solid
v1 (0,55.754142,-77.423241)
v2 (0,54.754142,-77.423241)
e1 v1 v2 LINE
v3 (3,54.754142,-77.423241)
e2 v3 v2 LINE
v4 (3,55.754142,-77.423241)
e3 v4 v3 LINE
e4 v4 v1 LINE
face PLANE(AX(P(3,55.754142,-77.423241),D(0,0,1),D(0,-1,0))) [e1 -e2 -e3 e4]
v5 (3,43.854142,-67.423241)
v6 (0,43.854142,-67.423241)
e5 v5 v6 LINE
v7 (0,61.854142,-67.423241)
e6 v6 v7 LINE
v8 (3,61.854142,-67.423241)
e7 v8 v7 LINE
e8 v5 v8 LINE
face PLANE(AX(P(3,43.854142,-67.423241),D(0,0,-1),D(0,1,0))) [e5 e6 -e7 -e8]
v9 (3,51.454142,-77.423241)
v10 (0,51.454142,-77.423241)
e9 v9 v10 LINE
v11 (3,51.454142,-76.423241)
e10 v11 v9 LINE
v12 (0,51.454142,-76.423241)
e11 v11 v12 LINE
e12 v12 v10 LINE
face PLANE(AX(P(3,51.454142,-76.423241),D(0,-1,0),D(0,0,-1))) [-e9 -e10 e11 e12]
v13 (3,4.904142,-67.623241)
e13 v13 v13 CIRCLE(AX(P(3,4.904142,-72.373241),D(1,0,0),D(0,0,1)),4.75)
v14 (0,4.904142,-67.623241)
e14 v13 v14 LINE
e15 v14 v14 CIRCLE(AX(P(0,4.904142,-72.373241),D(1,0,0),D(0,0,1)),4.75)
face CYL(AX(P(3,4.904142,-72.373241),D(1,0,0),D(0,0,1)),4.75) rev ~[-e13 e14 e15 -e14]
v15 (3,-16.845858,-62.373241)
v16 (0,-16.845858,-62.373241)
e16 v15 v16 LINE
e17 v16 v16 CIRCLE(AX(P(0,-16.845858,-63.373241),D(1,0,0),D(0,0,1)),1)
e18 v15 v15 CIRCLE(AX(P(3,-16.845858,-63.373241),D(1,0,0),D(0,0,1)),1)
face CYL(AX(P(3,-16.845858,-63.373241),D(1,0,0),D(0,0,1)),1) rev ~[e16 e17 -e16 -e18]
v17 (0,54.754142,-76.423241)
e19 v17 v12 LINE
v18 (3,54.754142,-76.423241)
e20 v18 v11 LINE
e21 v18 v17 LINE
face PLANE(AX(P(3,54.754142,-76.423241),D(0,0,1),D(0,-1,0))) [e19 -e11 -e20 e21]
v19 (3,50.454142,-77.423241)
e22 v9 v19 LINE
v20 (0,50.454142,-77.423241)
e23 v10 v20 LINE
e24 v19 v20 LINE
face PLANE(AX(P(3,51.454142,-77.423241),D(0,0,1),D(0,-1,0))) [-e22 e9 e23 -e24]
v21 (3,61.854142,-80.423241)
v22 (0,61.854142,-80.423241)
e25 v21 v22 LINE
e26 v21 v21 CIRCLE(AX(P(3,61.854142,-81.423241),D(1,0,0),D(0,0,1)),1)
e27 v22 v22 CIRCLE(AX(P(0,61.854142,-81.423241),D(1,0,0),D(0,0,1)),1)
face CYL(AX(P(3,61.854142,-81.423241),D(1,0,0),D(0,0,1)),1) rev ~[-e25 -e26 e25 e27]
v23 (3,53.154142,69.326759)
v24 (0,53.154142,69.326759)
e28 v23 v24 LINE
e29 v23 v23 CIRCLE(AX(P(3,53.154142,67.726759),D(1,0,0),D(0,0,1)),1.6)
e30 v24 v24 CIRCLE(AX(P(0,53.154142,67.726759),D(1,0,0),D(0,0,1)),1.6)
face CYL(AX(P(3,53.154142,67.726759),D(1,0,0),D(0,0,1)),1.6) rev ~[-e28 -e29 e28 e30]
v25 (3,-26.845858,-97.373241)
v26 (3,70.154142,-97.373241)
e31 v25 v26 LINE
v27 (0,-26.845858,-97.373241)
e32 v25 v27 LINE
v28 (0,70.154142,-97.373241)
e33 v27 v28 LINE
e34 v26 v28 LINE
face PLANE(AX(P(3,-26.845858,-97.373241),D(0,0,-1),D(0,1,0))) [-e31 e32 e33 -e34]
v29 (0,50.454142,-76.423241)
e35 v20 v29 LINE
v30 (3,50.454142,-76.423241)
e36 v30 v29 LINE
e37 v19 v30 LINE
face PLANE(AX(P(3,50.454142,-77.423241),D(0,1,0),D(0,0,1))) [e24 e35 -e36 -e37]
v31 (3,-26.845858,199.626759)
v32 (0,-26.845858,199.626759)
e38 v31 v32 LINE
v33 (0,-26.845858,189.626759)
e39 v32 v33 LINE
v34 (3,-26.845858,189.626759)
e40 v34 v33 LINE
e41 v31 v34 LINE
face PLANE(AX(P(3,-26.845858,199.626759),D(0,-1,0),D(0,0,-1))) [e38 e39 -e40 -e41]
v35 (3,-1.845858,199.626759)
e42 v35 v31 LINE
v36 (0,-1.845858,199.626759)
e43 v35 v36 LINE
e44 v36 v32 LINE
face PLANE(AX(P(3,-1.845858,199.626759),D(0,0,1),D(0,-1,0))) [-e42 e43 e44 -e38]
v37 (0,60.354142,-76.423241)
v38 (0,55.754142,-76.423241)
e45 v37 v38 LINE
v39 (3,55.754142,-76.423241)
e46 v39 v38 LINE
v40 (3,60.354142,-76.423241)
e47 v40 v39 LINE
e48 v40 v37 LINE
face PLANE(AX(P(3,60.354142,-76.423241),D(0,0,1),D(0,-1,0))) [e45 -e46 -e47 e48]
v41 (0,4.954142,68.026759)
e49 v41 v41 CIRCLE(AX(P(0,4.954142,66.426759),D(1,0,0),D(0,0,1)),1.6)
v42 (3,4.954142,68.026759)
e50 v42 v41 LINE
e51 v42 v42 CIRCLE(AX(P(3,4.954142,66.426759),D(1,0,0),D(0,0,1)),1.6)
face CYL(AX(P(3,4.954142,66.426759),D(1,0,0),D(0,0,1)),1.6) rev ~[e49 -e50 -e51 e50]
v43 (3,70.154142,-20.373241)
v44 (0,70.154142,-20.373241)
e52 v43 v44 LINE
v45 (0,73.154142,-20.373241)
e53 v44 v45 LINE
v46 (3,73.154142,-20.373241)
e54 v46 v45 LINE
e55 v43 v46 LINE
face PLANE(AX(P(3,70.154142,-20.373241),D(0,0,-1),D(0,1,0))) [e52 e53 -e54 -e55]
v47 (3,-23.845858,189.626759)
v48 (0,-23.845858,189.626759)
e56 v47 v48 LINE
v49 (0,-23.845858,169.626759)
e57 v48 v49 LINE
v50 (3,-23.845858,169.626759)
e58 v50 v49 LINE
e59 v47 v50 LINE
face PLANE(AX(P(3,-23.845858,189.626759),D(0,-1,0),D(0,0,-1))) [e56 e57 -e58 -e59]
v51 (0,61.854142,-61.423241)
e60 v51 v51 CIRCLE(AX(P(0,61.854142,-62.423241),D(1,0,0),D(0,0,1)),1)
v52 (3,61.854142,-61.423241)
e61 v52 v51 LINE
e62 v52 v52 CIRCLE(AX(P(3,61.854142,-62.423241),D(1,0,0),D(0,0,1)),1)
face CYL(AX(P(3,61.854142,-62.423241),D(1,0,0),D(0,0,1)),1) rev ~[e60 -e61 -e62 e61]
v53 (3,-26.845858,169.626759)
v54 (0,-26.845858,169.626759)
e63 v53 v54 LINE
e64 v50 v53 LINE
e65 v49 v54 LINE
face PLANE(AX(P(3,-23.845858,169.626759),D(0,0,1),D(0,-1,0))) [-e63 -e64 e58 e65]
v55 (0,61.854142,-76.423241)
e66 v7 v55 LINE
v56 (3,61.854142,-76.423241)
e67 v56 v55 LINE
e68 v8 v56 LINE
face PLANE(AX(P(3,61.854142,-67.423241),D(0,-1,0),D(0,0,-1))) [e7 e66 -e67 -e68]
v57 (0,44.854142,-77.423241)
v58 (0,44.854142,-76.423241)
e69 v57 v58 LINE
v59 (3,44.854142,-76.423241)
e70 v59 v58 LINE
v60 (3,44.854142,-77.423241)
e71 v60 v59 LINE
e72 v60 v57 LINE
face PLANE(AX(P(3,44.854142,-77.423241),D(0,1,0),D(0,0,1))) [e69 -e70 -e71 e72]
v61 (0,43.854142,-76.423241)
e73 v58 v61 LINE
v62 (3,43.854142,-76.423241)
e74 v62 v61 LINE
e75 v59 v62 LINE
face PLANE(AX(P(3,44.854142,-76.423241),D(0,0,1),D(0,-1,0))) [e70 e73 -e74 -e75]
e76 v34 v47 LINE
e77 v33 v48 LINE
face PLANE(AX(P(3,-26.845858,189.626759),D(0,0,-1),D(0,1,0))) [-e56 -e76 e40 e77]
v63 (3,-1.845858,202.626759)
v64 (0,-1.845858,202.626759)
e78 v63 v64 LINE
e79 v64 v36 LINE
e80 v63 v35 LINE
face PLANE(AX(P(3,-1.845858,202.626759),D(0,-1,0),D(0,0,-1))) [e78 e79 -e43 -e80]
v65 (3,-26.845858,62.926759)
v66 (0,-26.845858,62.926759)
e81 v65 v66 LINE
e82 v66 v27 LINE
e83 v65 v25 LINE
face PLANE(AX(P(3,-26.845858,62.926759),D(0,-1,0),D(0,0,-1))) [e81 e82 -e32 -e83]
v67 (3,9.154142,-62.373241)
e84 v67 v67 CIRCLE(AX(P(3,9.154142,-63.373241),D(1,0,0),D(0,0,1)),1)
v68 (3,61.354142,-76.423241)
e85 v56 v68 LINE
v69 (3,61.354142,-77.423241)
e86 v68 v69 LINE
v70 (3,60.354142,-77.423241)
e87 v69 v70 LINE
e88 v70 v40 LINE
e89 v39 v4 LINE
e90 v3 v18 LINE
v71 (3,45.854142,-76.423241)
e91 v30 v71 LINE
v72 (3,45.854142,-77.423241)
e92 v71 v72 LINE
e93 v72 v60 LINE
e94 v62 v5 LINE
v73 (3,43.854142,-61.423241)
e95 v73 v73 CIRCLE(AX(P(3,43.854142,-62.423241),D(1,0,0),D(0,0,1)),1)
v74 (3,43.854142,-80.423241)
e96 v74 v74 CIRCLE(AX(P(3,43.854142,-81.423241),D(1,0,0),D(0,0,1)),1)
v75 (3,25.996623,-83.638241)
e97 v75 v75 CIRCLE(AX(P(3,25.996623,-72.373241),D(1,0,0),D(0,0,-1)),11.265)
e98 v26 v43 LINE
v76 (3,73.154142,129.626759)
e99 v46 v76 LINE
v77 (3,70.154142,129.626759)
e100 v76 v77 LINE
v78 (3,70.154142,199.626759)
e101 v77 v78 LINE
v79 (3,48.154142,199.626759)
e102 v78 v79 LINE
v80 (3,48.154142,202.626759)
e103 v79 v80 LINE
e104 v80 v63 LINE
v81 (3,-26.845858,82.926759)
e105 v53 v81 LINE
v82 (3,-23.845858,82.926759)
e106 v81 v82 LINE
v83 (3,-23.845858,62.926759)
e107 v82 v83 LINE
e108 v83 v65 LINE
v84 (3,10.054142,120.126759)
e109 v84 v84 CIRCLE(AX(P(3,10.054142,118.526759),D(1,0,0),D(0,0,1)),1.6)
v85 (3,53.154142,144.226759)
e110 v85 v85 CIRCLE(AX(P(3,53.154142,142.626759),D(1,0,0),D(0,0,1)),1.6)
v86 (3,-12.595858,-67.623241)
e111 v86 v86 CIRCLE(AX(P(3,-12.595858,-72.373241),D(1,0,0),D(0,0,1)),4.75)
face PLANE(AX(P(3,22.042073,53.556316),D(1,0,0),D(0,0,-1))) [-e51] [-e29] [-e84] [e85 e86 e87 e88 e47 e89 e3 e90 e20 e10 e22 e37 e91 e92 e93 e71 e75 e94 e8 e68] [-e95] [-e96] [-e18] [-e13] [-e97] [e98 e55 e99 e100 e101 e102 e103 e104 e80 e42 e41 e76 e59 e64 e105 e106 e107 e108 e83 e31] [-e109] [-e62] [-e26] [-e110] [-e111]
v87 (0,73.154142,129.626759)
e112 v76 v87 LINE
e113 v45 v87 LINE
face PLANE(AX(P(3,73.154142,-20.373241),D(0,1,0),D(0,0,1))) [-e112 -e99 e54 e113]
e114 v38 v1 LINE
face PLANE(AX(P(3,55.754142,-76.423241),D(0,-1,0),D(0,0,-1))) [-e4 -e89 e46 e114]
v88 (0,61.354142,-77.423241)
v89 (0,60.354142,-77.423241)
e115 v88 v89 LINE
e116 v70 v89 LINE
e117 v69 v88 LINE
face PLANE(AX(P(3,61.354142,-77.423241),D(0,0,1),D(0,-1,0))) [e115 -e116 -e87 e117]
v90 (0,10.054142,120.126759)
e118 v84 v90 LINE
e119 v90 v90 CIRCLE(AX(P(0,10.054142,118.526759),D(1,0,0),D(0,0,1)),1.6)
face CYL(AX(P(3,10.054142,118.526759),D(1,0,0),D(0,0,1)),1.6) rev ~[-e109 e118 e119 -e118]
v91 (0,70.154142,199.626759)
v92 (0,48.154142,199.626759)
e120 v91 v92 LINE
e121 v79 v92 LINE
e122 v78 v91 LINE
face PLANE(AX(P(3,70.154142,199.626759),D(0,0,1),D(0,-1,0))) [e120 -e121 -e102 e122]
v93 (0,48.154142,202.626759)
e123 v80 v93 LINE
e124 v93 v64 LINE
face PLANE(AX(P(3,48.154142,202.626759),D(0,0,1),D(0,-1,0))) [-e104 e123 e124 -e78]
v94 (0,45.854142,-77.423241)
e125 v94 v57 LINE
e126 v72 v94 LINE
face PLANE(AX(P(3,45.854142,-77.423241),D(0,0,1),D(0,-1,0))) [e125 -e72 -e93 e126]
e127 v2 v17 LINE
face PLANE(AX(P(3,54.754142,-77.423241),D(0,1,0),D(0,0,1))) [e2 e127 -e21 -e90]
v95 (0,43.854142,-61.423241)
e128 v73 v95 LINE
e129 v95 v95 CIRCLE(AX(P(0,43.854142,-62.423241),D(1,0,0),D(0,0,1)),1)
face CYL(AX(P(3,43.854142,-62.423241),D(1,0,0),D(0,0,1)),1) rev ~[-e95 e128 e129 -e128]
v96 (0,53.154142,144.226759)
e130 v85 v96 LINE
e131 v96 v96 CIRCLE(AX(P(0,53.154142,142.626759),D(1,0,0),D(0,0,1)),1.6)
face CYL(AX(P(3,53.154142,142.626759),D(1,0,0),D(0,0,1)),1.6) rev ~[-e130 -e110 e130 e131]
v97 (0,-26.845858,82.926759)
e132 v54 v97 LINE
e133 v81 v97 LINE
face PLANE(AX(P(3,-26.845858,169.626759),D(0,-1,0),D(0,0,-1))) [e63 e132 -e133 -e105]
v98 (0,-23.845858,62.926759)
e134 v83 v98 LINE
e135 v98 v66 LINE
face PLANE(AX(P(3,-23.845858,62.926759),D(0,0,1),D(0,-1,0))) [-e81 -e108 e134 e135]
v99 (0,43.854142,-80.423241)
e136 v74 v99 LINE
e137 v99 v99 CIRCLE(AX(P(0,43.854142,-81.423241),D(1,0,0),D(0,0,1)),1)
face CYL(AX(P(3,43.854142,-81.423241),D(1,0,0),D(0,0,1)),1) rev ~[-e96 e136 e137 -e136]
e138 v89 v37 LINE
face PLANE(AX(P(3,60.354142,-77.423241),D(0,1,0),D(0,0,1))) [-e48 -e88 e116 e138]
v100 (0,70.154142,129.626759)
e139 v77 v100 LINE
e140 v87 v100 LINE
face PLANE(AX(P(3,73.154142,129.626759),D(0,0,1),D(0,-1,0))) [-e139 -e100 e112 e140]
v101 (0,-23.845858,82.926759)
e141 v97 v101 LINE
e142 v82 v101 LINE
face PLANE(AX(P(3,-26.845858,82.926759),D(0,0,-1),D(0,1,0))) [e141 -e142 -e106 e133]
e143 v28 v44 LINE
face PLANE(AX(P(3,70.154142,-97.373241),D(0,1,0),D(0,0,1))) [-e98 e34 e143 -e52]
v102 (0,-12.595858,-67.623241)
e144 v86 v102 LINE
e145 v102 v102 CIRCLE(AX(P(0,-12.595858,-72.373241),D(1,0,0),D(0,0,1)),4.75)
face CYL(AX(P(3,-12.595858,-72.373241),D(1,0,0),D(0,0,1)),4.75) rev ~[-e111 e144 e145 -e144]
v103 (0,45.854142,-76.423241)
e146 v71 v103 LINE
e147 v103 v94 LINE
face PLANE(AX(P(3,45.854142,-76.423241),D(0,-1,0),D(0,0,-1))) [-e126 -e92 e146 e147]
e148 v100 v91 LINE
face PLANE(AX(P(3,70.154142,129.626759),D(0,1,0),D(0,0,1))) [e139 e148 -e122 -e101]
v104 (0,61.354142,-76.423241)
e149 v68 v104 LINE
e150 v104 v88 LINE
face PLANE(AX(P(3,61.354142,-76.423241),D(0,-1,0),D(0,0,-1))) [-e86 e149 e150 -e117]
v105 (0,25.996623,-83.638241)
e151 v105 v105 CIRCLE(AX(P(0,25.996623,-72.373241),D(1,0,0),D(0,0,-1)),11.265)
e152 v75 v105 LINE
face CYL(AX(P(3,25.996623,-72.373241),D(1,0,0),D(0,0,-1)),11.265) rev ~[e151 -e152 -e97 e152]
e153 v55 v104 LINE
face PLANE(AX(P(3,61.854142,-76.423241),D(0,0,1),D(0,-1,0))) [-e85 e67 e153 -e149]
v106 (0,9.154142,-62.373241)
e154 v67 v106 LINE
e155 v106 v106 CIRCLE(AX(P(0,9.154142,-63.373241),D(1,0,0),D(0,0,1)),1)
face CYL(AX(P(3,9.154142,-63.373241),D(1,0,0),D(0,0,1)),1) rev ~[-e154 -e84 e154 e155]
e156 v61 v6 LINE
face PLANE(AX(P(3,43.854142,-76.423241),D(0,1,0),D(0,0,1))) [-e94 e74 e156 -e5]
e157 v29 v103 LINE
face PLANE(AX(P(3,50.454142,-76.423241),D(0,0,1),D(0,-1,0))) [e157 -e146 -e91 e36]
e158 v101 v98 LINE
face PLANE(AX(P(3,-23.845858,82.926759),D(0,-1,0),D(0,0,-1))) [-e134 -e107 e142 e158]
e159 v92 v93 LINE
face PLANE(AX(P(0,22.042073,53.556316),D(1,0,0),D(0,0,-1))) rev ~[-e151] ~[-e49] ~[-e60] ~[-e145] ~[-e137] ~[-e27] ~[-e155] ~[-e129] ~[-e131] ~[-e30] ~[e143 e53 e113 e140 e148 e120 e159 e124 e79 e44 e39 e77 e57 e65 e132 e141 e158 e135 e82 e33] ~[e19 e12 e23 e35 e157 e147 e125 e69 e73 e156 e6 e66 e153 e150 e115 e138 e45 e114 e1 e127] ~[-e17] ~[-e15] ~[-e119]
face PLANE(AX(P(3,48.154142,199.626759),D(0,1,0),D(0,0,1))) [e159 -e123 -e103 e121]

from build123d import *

# Parameters (mm, degrees)
ESQUISSE1_R        = 1
ESQUISSE1_R_2      = 4.75
ESQUISSE1_R_3      = 1.6
ESQUISSE1_R_4      = 11.265
BOSS_EXTRU_1_DEPTH = 3


with BuildPart() as part:
    # Esquisse1 → Boss.-Extru.1 (new body)
    with BuildSketch(Plane(origin=(3, 0, 0), x_dir=(0, 0, -1), z_dir=(1, 0, 0))):
        Polygon((-199.626758929, -26.84585796), (-189.626758929, -26.84585796), (-189.626758929, -23.84585796), (-169.626758929, -23.84585796), (-169.626758929, -26.84585796), (-82.926758929, -26.84585796), (-82.926758929, -23.84585796), (-62.926758929, -23.84585796), (-62.926758929, -26.84585796), (97.373241071, -26.84585796), (97.373241071, 70.15414204), (20.373241071, 70.15414204), (20.373241071, 73.15414204), (-129.626758929, 73.15414204), (-129.626758929, 70.15414204), (-199.626758929, 70.15414204), (-199.626758929, 48.15414204), (-202.626758929, 48.15414204), (-202.626758929, -1.84585796), (-199.626758929, -1.84585796), align=None)
        with Locations(Location((63.373241071, -16.84585796, 0), (0, 0, 180))):
            Circle(ESQUISSE1_R, mode=Mode.SUBTRACT)
        with Locations(Location((72.373241071, 4.90414204, 0), (0, 0, 180))):
            Circle(ESQUISSE1_R_2, mode=Mode.SUBTRACT)
        with Locations(Location((-67.726758929, 53.15414204, 0), (0, 0, 180))):
            Circle(ESQUISSE1_R_3, mode=Mode.SUBTRACT)
        with Locations(Location((-118.526758929, 10.05414204, 0), (0, 0, 180))):
            Circle(ESQUISSE1_R_3, mode=Mode.SUBTRACT)
        with Locations(Location((-142.626758929, 53.15414204, 0), (0, 0, 180))):
            Circle(ESQUISSE1_R_3, mode=Mode.SUBTRACT)
        with Locations(Location((-66.426758929, 4.95414204, 0), (0, 0, 180))):
            Circle(ESQUISSE1_R_3, mode=Mode.SUBTRACT)
        with Locations(Location((72.373241071, -12.59585796, 0), (0, 0, 180))):
            Circle(ESQUISSE1_R_2, mode=Mode.SUBTRACT)
        with Locations(Location((63.373241071, 9.15414204, 0), (0, 0, 180))):
            Circle(ESQUISSE1_R, mode=Mode.SUBTRACT)
        with Locations(Location((62.423241071, 43.85414204, 0), (0, 0, 180))):
            Circle(ESQUISSE1_R, mode=Mode.SUBTRACT)
        with Locations(Location((62.423241071, 61.85414204, 0), (0, 0, 180))):
            Circle(ESQUISSE1_R, mode=Mode.SUBTRACT)
        with Locations((72.373241071, 25.996622543)):
            Circle(ESQUISSE1_R_4, mode=Mode.SUBTRACT)
        with Locations(Location((81.423241071, 43.85414204, 0), (0, 0, 180))):
            Circle(ESQUISSE1_R, mode=Mode.SUBTRACT)
        with Locations(Location((81.423241071, 61.85414204, 0), (0, 0, 180))):
            Circle(ESQUISSE1_R, mode=Mode.SUBTRACT)
        Polygon((77.423241071, 44.85414204), (76.423241071, 44.85414204), (76.423241071, 43.85414204), (67.423241071, 43.85414204), (67.423241071, 61.85414204), (76.423241071, 61.85414204), (76.423241071, 61.35414204), (77.423241071, 61.35414204), (77.423241071, 60.35414204), (76.423241071, 60.35414204), (76.423241071, 55.75414204), (77.423241071, 55.75414204), (77.423241071, 54.75414204), (76.423241071, 54.75414204), (76.423241071, 51.45414204), (77.423241071, 51.45414204), (77.423241071, 50.45414204), (76.423241071, 50.45414204), (76.423241071, 45.85414204), (77.423241071, 45.85414204), align=None, mode=Mode.SUBTRACT)
    extrude(amount=-BOSS_EXTRU_1_DEPTH)


solid = part.part
